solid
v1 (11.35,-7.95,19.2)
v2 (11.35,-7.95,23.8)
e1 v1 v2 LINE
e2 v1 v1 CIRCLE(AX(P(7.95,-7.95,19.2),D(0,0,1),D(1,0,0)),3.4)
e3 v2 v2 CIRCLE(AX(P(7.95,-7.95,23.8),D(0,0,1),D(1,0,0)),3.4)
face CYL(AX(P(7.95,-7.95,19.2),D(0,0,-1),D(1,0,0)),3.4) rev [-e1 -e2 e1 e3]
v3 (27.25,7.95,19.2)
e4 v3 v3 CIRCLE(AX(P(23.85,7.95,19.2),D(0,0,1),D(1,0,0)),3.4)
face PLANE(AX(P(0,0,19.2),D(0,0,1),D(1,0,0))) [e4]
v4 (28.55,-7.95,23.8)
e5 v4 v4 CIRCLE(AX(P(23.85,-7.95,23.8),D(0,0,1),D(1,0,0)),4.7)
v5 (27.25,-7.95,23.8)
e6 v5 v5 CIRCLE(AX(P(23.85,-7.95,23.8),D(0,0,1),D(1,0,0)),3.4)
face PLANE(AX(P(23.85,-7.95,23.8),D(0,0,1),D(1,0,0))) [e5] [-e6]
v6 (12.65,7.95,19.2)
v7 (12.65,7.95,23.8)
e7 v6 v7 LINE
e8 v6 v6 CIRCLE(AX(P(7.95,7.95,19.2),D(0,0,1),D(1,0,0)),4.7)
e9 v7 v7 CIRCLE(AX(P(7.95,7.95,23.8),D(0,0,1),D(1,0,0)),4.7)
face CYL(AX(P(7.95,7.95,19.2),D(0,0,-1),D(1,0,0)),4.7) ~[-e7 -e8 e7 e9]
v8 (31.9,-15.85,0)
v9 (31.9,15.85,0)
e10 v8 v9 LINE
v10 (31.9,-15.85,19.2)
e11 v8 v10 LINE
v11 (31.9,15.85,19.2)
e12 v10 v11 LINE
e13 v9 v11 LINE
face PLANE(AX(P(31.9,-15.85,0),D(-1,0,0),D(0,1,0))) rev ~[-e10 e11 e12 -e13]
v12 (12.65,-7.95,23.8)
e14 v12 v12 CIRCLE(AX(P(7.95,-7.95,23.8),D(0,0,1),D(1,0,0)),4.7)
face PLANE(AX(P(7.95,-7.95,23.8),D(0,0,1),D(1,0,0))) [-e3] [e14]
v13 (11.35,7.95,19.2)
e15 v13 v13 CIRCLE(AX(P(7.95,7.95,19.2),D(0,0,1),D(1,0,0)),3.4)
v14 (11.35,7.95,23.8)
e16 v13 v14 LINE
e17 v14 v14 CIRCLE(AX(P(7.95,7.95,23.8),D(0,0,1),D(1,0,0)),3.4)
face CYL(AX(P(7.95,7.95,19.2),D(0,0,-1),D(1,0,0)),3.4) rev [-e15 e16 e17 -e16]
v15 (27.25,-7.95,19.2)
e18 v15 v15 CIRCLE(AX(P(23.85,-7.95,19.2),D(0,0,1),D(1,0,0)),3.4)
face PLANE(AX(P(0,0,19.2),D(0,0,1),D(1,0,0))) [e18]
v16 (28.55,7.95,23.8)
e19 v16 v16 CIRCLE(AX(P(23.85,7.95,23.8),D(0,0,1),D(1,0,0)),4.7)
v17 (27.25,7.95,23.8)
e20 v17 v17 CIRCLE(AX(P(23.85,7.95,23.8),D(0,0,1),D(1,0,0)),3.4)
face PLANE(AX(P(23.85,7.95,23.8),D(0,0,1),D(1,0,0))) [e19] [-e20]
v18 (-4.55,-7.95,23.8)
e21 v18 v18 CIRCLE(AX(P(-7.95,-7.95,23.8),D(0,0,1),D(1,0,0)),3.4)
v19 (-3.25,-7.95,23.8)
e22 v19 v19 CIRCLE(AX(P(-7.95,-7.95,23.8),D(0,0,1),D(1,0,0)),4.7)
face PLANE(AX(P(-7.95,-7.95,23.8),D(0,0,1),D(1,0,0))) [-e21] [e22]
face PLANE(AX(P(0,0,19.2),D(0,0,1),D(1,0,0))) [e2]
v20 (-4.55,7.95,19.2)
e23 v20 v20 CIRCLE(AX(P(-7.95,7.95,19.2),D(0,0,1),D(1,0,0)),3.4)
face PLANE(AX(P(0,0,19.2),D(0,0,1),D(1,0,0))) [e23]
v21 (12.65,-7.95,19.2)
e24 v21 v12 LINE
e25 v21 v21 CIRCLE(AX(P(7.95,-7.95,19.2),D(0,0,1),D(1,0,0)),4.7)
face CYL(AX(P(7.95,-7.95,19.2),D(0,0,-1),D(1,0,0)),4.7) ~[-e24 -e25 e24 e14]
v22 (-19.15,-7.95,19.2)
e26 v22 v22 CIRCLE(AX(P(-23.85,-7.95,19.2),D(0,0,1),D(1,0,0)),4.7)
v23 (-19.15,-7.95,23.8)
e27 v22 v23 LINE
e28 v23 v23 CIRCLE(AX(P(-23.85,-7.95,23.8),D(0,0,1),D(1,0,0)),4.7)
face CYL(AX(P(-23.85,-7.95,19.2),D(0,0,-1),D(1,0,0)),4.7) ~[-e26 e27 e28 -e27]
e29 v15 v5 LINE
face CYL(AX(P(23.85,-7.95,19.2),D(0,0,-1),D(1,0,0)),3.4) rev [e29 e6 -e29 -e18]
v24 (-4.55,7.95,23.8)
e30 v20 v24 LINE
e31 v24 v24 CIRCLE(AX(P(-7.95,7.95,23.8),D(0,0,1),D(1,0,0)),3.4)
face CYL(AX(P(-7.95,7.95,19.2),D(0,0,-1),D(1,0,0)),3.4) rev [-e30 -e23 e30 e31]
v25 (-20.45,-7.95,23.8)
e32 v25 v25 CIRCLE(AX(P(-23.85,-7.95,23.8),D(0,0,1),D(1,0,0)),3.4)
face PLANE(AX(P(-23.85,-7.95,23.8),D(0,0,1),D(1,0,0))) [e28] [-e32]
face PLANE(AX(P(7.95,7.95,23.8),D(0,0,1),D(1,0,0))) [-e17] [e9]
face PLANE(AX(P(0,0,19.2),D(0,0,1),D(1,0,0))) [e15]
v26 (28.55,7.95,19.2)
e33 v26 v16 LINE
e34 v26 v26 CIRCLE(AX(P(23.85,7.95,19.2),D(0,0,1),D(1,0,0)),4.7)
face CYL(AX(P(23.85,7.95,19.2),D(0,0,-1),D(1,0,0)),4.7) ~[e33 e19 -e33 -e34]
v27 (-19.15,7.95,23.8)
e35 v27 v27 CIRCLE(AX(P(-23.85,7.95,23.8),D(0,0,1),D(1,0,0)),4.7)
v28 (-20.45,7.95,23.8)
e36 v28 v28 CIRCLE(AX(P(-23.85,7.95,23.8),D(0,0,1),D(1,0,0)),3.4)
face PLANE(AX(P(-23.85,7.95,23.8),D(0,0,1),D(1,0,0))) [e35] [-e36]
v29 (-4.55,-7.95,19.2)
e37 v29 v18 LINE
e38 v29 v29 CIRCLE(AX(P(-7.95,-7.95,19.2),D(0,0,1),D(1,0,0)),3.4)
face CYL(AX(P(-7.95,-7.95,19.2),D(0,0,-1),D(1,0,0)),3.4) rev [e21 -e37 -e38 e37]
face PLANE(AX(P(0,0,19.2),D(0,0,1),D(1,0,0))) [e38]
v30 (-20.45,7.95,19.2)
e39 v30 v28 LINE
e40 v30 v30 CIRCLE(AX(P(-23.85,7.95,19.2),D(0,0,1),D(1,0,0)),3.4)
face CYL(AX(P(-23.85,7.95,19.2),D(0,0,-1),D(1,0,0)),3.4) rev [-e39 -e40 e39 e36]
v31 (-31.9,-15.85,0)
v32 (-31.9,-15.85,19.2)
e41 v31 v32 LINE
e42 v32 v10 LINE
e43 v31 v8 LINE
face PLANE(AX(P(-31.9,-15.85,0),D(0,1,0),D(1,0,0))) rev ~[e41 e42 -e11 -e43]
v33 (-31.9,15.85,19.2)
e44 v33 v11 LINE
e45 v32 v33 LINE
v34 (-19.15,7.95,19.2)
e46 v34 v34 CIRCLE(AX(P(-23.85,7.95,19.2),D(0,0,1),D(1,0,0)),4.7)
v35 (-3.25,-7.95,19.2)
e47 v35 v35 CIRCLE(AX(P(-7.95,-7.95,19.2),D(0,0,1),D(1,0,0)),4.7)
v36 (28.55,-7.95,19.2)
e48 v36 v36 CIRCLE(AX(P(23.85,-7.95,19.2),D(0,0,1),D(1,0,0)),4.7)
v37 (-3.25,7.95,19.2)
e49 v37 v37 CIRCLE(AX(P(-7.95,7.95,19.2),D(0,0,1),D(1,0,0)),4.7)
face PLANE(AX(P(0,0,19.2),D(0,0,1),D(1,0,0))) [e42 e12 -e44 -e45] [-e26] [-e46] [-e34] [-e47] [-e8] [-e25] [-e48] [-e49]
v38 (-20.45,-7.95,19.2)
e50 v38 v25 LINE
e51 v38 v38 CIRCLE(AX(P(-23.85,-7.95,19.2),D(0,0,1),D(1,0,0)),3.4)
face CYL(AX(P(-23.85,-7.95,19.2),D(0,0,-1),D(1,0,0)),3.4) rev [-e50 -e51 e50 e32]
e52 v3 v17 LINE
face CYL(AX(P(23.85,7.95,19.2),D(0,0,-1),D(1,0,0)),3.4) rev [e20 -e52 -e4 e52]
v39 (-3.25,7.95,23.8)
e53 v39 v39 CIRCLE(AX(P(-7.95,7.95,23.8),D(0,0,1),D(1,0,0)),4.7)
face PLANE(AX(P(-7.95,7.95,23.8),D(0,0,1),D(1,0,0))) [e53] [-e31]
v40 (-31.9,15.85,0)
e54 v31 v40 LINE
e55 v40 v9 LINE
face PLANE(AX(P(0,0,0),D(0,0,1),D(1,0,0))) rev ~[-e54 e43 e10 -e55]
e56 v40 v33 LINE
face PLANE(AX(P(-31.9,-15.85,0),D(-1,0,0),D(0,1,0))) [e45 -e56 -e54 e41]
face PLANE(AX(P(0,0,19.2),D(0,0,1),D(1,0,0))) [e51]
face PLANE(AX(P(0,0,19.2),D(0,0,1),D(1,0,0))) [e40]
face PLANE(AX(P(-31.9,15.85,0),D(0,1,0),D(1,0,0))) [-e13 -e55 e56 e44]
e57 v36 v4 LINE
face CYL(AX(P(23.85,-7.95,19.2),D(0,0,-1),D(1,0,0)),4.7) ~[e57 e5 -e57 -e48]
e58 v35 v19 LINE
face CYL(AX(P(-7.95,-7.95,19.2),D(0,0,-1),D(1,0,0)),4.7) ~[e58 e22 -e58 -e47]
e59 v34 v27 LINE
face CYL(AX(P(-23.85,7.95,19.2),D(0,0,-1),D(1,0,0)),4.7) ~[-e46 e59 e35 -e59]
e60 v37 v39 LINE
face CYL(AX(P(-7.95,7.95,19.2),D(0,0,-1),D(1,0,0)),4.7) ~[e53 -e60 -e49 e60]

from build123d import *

# Parameters (mm, degrees)
F0_W     = 63.8
F0_H     = 31.7
F1_DEPTH = 19.2
F2_R     = 4.7
F2_R_2   = 3.4
F3_DEPTH = 4.6


with BuildPart() as f1:
    # F0 (on Top) → F1 (new body)
    with BuildSketch(Plane.XY):
        Rectangle(F0_W, F0_H)
    extrude(amount=F1_DEPTH)

    # F2 (on face) → F3 (join)
    with BuildSketch(Plane.XY.offset(19.2)):
        with Locations((7.95, 7.95)):
            Circle(F2_R)
        with Locations((7.95, 7.95)):
            Circle(F2_R_2, mode=Mode.SUBTRACT)
        with Locations((-7.95, 7.95)):
            Circle(F2_R)
        with Locations((-7.95, 7.95)):
            Circle(F2_R_2, mode=Mode.SUBTRACT)
        with Locations((-23.85, 7.95)):
            Circle(F2_R)
        with Locations((-23.85, 7.95)):
            Circle(F2_R_2, mode=Mode.SUBTRACT)
        with Locations((23.85, 7.95)):
            Circle(F2_R)
        with Locations((23.85, 7.95)):
            Circle(F2_R_2, mode=Mode.SUBTRACT)
        with Locations((7.95, -7.95)):
            Circle(F2_R)
        with Locations((7.95, -7.95)):
            Circle(F2_R_2, mode=Mode.SUBTRACT)
        with Locations((-23.85, -7.95)):
            Circle(F2_R)
        with Locations((-23.85, -7.95)):
            Circle(F2_R_2, mode=Mode.SUBTRACT)
        with Locations((23.85, -7.95)):
            Circle(F2_R)
        with Locations((23.85, -7.95)):
            Circle(F2_R_2, mode=Mode.SUBTRACT)
        with Locations((-7.95, -7.95)):
            Circle(F2_R)
        with Locations((-7.95, -7.95)):
            Circle(F2_R_2, mode=Mode.SUBTRACT)
    extrude(amount=F3_DEPTH)


solid = f1.part
